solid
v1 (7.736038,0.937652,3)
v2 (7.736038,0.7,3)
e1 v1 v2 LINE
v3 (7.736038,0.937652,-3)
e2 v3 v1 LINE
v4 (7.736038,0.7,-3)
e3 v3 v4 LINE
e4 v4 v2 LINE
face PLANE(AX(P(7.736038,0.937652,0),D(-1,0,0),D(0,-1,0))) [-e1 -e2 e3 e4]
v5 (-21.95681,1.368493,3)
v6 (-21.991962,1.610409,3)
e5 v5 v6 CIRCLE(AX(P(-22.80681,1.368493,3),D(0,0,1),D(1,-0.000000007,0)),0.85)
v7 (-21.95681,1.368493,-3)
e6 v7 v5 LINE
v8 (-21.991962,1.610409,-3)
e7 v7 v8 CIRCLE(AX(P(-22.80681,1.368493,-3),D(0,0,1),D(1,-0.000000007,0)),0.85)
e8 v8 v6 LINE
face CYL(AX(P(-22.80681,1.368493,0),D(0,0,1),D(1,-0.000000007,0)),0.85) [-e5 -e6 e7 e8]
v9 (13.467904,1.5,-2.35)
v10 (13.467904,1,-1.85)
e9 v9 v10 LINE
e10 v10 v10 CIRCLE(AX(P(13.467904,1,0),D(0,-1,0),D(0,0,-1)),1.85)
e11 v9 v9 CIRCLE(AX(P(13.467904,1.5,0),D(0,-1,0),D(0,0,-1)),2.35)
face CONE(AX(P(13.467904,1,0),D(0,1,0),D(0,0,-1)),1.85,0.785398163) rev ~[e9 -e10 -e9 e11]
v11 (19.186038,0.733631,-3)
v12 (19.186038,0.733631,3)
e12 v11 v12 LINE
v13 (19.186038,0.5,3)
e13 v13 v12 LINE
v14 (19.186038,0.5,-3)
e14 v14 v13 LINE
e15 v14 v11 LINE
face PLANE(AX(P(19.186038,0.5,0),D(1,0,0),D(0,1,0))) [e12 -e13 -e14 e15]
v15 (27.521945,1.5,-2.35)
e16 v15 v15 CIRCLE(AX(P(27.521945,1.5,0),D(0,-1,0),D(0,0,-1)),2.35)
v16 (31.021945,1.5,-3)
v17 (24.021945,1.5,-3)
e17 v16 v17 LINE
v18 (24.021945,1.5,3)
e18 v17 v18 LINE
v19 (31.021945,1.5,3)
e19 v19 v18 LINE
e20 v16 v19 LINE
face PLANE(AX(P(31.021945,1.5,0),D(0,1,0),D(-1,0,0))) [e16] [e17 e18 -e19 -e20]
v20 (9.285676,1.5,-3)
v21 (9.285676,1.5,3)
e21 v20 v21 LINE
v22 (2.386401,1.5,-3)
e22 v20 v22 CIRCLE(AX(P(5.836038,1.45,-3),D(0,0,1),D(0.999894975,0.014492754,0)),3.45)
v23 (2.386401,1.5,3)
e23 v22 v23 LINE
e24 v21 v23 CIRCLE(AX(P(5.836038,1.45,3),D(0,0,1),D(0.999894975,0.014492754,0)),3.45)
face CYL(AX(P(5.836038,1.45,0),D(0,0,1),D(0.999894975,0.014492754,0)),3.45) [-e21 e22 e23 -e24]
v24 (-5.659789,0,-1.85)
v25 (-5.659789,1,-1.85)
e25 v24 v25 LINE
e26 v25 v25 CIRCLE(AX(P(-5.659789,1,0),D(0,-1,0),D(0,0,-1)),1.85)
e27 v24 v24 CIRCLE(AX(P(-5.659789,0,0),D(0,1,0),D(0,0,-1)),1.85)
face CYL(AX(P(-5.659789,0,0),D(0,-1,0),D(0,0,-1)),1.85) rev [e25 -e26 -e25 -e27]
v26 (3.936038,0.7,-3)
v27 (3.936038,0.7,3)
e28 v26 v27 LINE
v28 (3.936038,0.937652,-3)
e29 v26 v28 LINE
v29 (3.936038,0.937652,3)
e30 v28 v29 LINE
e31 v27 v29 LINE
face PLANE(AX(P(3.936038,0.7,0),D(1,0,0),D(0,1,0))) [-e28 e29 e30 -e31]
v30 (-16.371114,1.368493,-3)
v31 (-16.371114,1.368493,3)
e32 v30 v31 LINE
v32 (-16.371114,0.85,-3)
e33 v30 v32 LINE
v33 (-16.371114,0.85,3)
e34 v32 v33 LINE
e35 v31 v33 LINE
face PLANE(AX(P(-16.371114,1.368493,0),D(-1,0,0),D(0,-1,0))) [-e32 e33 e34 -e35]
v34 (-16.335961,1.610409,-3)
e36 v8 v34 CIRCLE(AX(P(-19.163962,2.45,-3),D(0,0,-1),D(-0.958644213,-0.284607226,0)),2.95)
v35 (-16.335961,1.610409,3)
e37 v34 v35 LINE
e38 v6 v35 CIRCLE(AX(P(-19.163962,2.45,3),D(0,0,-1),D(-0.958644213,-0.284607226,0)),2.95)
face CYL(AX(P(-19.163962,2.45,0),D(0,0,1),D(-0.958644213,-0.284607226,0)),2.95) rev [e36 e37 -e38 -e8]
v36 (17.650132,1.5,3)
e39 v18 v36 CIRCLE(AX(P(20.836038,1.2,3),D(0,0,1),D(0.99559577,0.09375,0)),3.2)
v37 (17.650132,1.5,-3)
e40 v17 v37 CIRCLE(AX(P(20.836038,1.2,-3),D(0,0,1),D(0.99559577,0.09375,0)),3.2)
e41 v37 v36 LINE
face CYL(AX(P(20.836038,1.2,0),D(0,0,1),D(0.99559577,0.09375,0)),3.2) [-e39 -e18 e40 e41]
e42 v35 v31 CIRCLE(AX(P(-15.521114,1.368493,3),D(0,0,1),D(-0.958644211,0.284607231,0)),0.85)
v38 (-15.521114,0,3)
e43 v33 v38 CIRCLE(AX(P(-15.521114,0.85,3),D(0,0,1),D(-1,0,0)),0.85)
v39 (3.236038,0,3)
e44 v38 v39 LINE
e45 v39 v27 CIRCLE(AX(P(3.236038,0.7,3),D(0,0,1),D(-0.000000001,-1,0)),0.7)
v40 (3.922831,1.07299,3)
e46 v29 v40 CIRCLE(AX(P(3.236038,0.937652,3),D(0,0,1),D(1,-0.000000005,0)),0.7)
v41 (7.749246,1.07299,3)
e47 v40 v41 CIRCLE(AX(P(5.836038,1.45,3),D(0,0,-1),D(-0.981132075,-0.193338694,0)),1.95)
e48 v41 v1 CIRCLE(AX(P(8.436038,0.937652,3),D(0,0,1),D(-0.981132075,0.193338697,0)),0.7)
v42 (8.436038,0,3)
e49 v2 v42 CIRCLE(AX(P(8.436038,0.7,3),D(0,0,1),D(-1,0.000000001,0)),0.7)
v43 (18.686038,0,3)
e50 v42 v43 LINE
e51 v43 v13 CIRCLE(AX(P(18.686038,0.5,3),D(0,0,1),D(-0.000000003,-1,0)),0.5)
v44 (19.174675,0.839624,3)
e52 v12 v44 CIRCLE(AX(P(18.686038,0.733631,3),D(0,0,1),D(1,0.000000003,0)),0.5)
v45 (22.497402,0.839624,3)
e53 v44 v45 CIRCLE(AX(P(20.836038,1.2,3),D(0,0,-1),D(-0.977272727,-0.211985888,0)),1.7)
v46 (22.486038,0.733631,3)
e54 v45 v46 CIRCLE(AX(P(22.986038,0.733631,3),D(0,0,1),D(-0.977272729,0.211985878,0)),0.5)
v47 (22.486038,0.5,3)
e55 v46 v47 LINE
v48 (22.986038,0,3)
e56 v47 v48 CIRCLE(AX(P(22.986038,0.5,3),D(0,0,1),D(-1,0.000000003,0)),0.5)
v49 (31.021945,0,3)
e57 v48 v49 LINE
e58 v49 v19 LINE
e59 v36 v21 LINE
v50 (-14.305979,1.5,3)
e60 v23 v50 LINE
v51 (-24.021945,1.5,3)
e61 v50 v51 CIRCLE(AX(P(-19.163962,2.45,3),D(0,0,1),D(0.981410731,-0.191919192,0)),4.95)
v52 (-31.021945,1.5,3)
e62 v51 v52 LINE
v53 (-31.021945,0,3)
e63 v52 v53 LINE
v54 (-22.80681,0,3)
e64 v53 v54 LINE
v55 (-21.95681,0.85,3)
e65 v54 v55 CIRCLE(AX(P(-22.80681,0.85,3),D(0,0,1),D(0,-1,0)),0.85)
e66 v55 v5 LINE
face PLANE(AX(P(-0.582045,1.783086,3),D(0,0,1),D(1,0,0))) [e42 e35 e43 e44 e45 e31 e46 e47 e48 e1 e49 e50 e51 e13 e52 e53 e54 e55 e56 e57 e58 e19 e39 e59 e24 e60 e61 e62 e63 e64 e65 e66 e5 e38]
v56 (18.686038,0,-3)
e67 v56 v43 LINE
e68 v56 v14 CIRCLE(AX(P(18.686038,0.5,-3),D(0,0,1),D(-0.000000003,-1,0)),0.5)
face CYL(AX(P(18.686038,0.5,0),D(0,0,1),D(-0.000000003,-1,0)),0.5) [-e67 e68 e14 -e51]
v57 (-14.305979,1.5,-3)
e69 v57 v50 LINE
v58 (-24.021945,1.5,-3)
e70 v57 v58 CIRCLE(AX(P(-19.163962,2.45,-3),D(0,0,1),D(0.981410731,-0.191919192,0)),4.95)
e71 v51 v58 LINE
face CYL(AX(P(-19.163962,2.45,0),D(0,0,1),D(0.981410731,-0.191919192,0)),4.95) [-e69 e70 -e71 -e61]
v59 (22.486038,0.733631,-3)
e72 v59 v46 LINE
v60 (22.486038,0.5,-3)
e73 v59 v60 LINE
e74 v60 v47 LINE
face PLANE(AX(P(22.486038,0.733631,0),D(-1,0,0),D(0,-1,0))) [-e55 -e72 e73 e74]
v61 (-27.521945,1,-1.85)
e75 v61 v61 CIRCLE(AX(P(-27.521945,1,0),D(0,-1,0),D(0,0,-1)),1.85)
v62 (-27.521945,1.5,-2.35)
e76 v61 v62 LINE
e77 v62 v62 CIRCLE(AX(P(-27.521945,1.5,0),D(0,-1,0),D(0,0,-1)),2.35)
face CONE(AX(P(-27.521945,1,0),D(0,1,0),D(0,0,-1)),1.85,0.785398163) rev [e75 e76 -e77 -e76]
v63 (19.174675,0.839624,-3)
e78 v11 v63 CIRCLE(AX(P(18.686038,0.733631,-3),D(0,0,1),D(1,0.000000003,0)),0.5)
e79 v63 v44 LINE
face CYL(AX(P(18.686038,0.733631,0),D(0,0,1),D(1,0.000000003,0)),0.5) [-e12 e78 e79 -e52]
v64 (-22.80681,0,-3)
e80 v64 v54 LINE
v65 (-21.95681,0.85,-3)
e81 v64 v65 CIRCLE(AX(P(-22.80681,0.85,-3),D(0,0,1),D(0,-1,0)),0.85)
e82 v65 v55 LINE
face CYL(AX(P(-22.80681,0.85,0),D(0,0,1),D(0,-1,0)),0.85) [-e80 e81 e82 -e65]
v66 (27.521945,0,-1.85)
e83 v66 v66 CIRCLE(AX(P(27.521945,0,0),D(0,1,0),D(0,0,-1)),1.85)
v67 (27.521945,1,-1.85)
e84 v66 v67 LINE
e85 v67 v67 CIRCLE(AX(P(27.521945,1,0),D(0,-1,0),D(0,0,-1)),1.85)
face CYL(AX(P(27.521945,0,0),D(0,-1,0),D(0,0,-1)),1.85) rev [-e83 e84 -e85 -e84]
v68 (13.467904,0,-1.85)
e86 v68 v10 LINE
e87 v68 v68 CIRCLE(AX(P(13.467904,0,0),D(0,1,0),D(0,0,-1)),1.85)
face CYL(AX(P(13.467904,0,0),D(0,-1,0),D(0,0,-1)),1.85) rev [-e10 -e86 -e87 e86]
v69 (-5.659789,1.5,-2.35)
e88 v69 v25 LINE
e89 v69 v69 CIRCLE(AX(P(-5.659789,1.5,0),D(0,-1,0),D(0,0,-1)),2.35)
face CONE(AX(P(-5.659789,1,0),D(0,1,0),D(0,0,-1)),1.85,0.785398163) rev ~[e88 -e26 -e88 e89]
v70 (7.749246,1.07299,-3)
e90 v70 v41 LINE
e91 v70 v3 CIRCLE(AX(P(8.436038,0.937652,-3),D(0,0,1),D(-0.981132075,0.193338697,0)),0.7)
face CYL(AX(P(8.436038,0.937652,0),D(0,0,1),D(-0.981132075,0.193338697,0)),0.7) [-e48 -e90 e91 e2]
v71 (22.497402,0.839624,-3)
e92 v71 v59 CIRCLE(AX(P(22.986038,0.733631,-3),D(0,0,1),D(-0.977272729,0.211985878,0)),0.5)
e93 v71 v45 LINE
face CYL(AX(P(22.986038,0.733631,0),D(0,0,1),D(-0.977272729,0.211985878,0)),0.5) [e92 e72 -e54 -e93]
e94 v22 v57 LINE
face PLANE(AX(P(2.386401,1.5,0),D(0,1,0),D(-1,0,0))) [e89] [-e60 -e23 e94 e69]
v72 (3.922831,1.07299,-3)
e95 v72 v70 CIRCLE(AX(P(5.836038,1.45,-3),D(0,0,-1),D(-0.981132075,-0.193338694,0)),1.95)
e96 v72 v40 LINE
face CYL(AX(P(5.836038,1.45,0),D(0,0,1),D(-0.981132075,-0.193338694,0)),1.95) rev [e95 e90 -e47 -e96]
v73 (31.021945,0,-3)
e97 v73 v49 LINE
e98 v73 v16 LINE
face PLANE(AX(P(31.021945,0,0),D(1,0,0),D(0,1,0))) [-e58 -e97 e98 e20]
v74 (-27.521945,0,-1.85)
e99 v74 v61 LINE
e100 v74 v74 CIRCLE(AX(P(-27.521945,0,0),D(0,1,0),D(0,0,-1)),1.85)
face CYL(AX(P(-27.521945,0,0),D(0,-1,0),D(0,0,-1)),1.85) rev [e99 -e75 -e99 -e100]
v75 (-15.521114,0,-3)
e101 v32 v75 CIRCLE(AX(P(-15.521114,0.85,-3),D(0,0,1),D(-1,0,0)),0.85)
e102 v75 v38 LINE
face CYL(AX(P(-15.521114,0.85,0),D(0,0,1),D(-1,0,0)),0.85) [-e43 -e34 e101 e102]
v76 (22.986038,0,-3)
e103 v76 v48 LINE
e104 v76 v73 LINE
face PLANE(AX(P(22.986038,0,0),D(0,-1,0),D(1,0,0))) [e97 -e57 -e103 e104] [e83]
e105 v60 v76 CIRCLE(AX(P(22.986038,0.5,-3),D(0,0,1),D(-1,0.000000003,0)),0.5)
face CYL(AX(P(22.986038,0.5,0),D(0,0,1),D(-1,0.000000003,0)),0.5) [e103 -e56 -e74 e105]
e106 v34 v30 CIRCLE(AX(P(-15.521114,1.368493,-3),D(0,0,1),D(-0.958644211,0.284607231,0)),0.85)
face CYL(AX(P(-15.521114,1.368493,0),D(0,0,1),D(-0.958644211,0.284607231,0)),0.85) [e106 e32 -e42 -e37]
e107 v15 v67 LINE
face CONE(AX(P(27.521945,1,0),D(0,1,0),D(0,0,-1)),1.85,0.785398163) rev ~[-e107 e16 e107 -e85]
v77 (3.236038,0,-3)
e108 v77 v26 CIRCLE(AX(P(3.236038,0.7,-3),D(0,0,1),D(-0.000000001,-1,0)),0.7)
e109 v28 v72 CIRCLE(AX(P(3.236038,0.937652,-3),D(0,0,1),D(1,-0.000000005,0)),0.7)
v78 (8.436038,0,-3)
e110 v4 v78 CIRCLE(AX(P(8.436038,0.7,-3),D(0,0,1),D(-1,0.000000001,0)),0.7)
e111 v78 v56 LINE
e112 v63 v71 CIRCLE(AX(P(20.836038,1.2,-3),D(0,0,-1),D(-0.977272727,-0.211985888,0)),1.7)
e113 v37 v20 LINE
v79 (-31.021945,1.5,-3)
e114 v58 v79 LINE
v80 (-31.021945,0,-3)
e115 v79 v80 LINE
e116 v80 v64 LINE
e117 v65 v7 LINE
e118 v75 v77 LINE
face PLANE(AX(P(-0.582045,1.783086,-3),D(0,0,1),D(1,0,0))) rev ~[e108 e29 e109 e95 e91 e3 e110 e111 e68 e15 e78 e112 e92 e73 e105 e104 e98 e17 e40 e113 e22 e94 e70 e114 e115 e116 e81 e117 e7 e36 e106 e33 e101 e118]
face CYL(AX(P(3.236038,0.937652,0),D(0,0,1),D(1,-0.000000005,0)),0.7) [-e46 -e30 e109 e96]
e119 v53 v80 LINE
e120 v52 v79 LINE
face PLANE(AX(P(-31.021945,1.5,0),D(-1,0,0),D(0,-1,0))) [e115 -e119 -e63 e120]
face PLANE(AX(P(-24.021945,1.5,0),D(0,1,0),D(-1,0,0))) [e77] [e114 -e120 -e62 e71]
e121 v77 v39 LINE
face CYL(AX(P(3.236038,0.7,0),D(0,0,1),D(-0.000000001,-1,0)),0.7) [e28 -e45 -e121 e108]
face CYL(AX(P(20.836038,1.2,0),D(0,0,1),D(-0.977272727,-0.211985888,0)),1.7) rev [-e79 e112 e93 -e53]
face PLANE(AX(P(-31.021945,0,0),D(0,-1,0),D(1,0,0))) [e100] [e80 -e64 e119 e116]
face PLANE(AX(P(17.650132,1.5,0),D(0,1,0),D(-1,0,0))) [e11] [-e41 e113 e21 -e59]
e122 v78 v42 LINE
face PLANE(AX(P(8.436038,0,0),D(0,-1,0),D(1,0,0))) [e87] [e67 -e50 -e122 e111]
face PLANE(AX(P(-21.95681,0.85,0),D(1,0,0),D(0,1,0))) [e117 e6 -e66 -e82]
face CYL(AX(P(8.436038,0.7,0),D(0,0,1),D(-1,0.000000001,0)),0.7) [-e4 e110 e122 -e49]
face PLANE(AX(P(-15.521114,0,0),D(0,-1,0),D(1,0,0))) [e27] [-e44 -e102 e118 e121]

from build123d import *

# Parameters (mm, degrees)
BOSS_EXTRUDE1_DEPTH = 3
CUT_EXTRUDE2_REACH  = 34.033
SKETCH2_R           = 1.85
CHAMFER2_SIZE       = 0.5


with BuildPart() as part:
    # Sketch1 → Boss-Extrude1 (new, symmetric)
    with BuildSketch(Plane.XY):
        with BuildLine():
            Line((-31.021944793, 0), (-22.806809681, 0))
            ThreePointArc((-22.806809681, 0), (-22.205768917, 0.248959236), (-21.956809681, 0.85))
            Line((-21.956809681, 0.85), (-21.956809681, 1.36849254))
            ThreePointArc((-21.956809681, 1.36849254), (-21.965643691, 1.490720925), (-21.9919621, 1.610408683))
            ThreePointArc((-21.9919621, 1.610408683), (-19.163961672, 5.4), (-16.335961244, 1.610408683))
            ThreePointArc((-16.335961244, 1.610408683), (-16.362279653, 1.490720925), (-16.371113663, 1.36849254))
            Line((-16.371113663, 1.36849254), (-16.371113663, 0.85))
            ThreePointArc((-16.371113663, 0.85), (-16.122154427, 0.248959236), (-15.521113663, 0))
            Line((-15.521113663, 0), (3.236038328, 0))
            ThreePointArc((3.236038328, 0), (3.731013075, 0.205025253), (3.936038328, 0.7))
            Line((3.936038328, 0.7), (3.936038328, 0.937652462))
            ThreePointArc((3.936038328, 0.937652462), (3.932728617, 1.005642472), (3.922830781, 1.072989547))
            ThreePointArc((3.922830781, 1.072989547), (5.836038328, 3.4), (7.749245875, 1.072989547))
            ThreePointArc((7.749245875, 1.072989547), (7.739348039, 1.005642472), (7.736038328, 0.937652462))
            Line((7.736038328, 0.937652462), (7.736038328, 0.7))
            ThreePointArc((7.736038328, 0.7), (7.941063581, 0.205025253), (8.436038328, 0))
            Line((8.436038328, 0), (18.686038328, 0))
            ThreePointArc((18.686038328, 0), (19.039591719, 0.146446609), (19.186038328, 0.5))
            Line((19.186038328, 0.5), (19.186038328, 0.733631047))
            ThreePointArc((19.186038328, 0.733631047), (19.183189302, 0.786931226), (19.174674692, 0.839623991))
            ThreePointArc((19.174674692, 0.839623991), (20.836038328, 2.9), (22.497401964, 0.839623991))
            ThreePointArc((22.497401964, 0.839623991), (22.488887354, 0.786931226), (22.486038328, 0.733631047))
            Line((22.486038328, 0.733631047), (22.486038328, 0.5))
            ThreePointArc((22.486038328, 0.5), (22.632484937, 0.146446609), (22.986038328, 0))
            Line((22.986038328, 0), (31.021944793, 0))
            Line((31.021944793, 0), (31.021944793, 1.5))
            Line((31.021944793, 1.5), (24.021944793, 1.5))
            ThreePointArc((24.021944793, 1.5), (20.836038328, 4.4), (17.650131864, 1.5))
            Line((17.650131864, 1.5), (9.28567599, 1.5))
            ThreePointArc((9.28567599, 1.5), (5.836038328, 4.9), (2.386400666, 1.5))
            Line((2.386400666, 1.5), (-14.305978551, 1.5))
            ThreePointArc((-14.305978551, 1.5), (-19.163961672, 7.4), (-24.021944793, 1.5))
            Line((-24.021944793, 1.5), (-31.021944793, 1.5))
            Line((-31.021944793, 1.5), (-31.021944793, 0))
        make_face()
    extrude(amount=BOSS_EXTRUDE1_DEPTH, both=True)

    # Sketch2 → Cut-Extrude2 (cut, up to next)
    with BuildSketch(Plane(origin=(0, 0, 0), x_dir=(1, 0, 0), z_dir=(0, 1, 0)), mode=Mode.PRIVATE) as cut_extrude2_sk1:
        with Locations((-27.521944793, 0)):
            Circle(SKETCH2_R)
    cut_extrude2_tool1 = extrude(cut_extrude2_sk1.sketch, amount=CUT_EXTRUDE2_REACH, mode=Mode.PRIVATE) & part.part
    # Sketch2 → Cut-Extrude2 (cut, up to next)
    with BuildSketch(Plane(origin=(0, 0, 0), x_dir=(1, 0, 0), z_dir=(0, 1, 0)), mode=Mode.PRIVATE) as cut_extrude2_sk2:
        with Locations((-5.659788943, 0)):
            Circle(SKETCH2_R)
    cut_extrude2_tool2 = extrude(cut_extrude2_sk2.sketch, amount=CUT_EXTRUDE2_REACH, mode=Mode.PRIVATE) & part.part
    # Sketch2 → Cut-Extrude2 (cut, up to next)
    with BuildSketch(Plane(origin=(0, 0, 0), x_dir=(1, 0, 0), z_dir=(0, 1, 0)), mode=Mode.PRIVATE) as cut_extrude2_sk3:
        with Locations((27.521944793, 0)):
            Circle(SKETCH2_R)
    cut_extrude2_tool3 = extrude(cut_extrude2_sk3.sketch, amount=CUT_EXTRUDE2_REACH, mode=Mode.PRIVATE) & part.part
    # Sketch2 → Cut-Extrude2 (cut, up to next)
    with BuildSketch(Plane(origin=(0, 0, 0), x_dir=(1, 0, 0), z_dir=(0, 1, 0)), mode=Mode.PRIVATE) as cut_extrude2_sk4:
        with Locations((13.467903927, 0)):
            Circle(SKETCH2_R)
    cut_extrude2_tool4 = extrude(cut_extrude2_sk4.sketch, amount=CUT_EXTRUDE2_REACH, mode=Mode.PRIVATE) & part.part
    add(cut_extrude2_tool1.solids().sort_by_distance((-27.521945, 0, 0))[0], mode=Mode.SUBTRACT)
    add(cut_extrude2_tool2.solids().sort_by_distance((-5.659789, 0, 0))[0], mode=Mode.SUBTRACT)
    add(cut_extrude2_tool3.solids().sort_by_distance((27.521945, 0, 0))[0], mode=Mode.SUBTRACT)
    add(cut_extrude2_tool4.solids().sort_by_distance((13.467904, 0, 0))[0], mode=Mode.SUBTRACT)

    # Chamfer2
    chamfer2_edges = [part.edges().sort_by_distance(p)[0] for p in [
        (25.671944793, 1.5, 0),
        (11.617903927, 1.5, 0),
        (-7.509788943, 1.5, 0),
        (-29.371944793, 1.5, 0),
    ]]
    chamfer(chamfer2_edges, length=CHAMFER2_SIZE)


solid = part.part
